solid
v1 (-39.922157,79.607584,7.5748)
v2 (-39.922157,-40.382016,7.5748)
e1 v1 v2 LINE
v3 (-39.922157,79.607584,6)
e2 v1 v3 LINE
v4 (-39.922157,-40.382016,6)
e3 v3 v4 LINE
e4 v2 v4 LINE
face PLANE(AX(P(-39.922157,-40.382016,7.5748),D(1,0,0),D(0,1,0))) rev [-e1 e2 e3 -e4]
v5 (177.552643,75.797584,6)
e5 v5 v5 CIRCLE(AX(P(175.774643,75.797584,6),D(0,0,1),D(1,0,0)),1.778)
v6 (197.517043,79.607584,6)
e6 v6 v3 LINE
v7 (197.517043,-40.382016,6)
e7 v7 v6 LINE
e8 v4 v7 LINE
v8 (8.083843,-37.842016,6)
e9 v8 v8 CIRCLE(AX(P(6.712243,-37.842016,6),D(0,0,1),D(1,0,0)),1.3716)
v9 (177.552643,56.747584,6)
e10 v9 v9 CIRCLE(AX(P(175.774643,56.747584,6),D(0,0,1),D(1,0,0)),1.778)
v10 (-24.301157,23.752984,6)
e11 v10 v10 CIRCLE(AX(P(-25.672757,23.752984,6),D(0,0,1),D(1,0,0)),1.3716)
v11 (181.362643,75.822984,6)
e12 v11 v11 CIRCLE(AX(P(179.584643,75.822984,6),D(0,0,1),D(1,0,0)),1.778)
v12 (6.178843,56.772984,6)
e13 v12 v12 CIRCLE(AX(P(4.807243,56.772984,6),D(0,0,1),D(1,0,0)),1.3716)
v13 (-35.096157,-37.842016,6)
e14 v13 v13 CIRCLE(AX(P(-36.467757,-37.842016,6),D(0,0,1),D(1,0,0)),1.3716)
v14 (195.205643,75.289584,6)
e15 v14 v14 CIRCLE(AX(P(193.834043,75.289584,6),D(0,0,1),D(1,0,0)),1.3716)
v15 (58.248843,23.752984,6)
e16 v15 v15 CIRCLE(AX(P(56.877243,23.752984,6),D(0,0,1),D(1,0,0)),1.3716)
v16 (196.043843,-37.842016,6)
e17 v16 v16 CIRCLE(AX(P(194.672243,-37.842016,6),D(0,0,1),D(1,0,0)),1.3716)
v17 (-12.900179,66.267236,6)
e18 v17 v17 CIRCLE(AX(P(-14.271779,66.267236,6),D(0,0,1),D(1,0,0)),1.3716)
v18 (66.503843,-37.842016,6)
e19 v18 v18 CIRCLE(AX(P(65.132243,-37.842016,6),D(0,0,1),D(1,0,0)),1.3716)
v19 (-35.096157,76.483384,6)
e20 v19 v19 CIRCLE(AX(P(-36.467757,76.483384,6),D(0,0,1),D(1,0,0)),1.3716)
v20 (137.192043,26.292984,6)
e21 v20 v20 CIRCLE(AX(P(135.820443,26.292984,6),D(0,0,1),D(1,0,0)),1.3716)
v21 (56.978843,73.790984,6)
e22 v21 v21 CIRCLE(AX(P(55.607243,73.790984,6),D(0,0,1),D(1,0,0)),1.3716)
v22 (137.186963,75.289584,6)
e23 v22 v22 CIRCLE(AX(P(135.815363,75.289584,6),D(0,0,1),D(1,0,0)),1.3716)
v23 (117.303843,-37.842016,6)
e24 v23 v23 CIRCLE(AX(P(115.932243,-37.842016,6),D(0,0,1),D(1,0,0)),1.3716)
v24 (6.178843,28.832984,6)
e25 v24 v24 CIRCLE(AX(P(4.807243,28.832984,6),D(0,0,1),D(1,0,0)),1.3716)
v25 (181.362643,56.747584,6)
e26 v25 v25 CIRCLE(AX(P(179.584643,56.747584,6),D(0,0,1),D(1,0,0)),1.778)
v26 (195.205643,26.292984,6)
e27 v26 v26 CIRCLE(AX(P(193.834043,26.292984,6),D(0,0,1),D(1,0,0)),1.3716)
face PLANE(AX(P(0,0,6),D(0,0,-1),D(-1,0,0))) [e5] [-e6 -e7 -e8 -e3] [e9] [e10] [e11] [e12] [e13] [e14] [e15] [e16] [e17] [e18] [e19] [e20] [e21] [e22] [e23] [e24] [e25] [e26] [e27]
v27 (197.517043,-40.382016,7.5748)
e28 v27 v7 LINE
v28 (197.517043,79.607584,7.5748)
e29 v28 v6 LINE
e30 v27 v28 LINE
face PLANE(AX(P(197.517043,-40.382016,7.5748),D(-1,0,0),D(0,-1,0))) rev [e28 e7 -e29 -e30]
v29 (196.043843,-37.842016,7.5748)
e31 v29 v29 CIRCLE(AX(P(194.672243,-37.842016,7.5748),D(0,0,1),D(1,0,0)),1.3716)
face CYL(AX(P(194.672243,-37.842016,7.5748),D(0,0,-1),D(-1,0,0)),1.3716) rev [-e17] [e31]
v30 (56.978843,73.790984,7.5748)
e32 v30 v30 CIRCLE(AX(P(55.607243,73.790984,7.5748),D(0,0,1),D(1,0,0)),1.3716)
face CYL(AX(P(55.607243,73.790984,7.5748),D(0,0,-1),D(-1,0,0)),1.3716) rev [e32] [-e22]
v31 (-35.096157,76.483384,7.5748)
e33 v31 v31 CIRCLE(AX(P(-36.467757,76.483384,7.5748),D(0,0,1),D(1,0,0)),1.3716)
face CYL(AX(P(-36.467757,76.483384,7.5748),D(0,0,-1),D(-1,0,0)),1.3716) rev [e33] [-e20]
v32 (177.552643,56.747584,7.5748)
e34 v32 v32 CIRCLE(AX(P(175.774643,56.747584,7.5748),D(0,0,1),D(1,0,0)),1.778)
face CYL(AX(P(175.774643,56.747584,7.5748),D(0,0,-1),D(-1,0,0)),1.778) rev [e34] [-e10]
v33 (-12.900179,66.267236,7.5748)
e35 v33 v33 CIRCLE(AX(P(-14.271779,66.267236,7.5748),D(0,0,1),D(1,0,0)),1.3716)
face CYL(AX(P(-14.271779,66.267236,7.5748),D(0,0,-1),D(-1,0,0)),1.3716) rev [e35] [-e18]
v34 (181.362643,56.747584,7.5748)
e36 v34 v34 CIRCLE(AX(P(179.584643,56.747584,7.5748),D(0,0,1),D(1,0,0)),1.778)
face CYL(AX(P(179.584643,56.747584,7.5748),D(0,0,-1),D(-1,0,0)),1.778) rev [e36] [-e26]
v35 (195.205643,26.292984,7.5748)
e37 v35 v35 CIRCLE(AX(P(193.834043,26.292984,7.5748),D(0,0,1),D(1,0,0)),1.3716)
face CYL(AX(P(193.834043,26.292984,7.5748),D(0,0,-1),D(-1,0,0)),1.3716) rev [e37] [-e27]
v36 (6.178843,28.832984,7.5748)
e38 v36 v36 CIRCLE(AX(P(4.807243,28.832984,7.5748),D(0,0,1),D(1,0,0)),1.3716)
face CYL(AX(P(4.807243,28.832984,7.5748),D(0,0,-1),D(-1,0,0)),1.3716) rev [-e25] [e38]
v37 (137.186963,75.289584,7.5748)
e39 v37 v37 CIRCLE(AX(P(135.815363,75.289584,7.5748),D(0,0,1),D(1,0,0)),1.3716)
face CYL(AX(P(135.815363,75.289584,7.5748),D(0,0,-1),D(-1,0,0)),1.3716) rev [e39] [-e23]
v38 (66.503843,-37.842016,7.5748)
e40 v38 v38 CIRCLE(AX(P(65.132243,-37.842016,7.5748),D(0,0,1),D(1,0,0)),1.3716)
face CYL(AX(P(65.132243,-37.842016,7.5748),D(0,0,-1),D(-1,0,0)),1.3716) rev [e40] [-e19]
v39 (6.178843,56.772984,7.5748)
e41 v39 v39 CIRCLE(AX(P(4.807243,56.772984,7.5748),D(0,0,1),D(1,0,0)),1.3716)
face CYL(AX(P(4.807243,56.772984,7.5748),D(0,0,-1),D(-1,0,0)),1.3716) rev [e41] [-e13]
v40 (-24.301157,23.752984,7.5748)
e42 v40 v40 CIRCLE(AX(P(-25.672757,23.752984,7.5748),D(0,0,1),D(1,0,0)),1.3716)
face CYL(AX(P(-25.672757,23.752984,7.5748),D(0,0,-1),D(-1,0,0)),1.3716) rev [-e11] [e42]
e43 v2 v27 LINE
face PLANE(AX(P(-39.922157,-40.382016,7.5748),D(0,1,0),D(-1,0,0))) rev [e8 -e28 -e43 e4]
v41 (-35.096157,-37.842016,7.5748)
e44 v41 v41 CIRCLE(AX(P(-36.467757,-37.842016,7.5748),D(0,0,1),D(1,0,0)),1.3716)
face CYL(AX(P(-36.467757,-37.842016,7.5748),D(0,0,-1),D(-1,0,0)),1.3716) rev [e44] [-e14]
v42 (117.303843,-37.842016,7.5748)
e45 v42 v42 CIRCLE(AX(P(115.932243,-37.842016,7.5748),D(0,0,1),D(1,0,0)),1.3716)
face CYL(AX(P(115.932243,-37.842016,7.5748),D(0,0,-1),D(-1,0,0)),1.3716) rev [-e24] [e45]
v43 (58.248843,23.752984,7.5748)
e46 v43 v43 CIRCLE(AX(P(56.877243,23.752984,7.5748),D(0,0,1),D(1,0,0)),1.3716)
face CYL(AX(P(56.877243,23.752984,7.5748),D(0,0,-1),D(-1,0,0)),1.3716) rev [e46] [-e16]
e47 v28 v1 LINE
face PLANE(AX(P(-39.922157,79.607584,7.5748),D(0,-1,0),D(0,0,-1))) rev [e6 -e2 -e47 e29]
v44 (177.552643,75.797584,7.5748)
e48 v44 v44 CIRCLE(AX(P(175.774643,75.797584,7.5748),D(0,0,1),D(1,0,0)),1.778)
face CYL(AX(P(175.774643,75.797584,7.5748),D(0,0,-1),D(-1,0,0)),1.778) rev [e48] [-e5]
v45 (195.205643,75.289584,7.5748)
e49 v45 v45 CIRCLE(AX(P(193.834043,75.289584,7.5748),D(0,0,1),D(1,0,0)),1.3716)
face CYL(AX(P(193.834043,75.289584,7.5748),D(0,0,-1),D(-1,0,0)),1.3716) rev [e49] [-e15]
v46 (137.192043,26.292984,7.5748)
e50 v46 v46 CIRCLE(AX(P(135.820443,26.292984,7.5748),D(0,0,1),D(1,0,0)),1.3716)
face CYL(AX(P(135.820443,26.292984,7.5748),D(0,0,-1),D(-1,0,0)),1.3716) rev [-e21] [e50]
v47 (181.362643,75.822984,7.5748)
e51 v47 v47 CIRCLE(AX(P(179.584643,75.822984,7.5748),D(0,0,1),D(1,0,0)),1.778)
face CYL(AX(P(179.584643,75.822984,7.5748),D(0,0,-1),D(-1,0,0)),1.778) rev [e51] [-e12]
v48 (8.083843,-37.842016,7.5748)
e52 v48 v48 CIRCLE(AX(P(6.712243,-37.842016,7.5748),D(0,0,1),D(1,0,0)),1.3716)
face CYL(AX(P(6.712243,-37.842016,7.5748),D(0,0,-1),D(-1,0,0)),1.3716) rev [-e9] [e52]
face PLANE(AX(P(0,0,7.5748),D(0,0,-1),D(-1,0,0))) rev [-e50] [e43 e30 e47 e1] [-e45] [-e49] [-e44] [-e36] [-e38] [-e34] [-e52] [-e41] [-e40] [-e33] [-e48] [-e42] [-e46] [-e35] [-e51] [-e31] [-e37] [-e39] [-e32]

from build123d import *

# Parameters (mm, degrees)
BOSS_EXTRUDE1_START = 6
SKETCH1_W           = 237.4392
SKETCH1_H           = 119.9896
SKETCH1_R           = 1.3716
SKETCH1_R_2         = 1.778
BOSS_EXTRUDE1_DEPTH = 1.5748


with BuildPart() as part:
    # Sketch1 → Boss-Extrude1 (new body)
    with BuildSketch(Plane.XY.offset(BOSS_EXTRUDE1_START)):
        with Locations((78.797443137, 19.612784314)):
            Rectangle(SKETCH1_W, SKETCH1_H)
        with Locations((193.834043137, 75.289584314)):
            Circle(SKETCH1_R, mode=Mode.SUBTRACT)
        with Locations((135.815363137, 75.289584314)):
            Circle(SKETCH1_R, mode=Mode.SUBTRACT)
        with Locations((193.834043137, 26.292984314)):
            Circle(SKETCH1_R, mode=Mode.SUBTRACT)
        with Locations((135.820443137, 26.292984314)):
            Circle(SKETCH1_R, mode=Mode.SUBTRACT)
        with Locations((194.672243137, -37.842015686)):
            Circle(SKETCH1_R, mode=Mode.SUBTRACT)
        with Locations((115.932243137, -37.842015686)):
            Circle(SKETCH1_R, mode=Mode.SUBTRACT)
        with Locations((55.607243137, 73.790984314)):
            Circle(SKETCH1_R, mode=Mode.SUBTRACT)
        with Locations((56.877243137, 23.752984314)):
            Circle(SKETCH1_R, mode=Mode.SUBTRACT)
        with Locations((65.132243137, -37.842015686)):
            Circle(SKETCH1_R, mode=Mode.SUBTRACT)
        with Locations((4.807243137, 56.772984314)):
            Circle(SKETCH1_R, mode=Mode.SUBTRACT)
        with Locations((4.807243137, 28.832984314)):
            Circle(SKETCH1_R, mode=Mode.SUBTRACT)
        with Locations((6.712243137, -37.842015686)):
            Circle(SKETCH1_R, mode=Mode.SUBTRACT)
        with Locations((-14.271778871, 66.267235766)):
            Circle(SKETCH1_R, mode=Mode.SUBTRACT)
        with Locations((-36.467756863, 76.483384314)):
            Circle(SKETCH1_R, mode=Mode.SUBTRACT)
        with Locations((-25.672756863, 23.752984314)):
            Circle(SKETCH1_R, mode=Mode.SUBTRACT)
        with Locations((-36.467756863, -37.842015686)):
            Circle(SKETCH1_R, mode=Mode.SUBTRACT)
        with Locations((179.584643137, 75.822984314)):
            Circle(SKETCH1_R_2, mode=Mode.SUBTRACT)
        with Locations((175.774643137, 75.797584314)):
            Circle(SKETCH1_R_2, mode=Mode.SUBTRACT)
        with Locations((179.584643137, 56.747584314)):
            Circle(SKETCH1_R_2, mode=Mode.SUBTRACT)
        with Locations((175.774643137, 56.747584314)):
            Circle(SKETCH1_R_2, mode=Mode.SUBTRACT)
    extrude(amount=BOSS_EXTRUDE1_DEPTH)


solid = part.part
